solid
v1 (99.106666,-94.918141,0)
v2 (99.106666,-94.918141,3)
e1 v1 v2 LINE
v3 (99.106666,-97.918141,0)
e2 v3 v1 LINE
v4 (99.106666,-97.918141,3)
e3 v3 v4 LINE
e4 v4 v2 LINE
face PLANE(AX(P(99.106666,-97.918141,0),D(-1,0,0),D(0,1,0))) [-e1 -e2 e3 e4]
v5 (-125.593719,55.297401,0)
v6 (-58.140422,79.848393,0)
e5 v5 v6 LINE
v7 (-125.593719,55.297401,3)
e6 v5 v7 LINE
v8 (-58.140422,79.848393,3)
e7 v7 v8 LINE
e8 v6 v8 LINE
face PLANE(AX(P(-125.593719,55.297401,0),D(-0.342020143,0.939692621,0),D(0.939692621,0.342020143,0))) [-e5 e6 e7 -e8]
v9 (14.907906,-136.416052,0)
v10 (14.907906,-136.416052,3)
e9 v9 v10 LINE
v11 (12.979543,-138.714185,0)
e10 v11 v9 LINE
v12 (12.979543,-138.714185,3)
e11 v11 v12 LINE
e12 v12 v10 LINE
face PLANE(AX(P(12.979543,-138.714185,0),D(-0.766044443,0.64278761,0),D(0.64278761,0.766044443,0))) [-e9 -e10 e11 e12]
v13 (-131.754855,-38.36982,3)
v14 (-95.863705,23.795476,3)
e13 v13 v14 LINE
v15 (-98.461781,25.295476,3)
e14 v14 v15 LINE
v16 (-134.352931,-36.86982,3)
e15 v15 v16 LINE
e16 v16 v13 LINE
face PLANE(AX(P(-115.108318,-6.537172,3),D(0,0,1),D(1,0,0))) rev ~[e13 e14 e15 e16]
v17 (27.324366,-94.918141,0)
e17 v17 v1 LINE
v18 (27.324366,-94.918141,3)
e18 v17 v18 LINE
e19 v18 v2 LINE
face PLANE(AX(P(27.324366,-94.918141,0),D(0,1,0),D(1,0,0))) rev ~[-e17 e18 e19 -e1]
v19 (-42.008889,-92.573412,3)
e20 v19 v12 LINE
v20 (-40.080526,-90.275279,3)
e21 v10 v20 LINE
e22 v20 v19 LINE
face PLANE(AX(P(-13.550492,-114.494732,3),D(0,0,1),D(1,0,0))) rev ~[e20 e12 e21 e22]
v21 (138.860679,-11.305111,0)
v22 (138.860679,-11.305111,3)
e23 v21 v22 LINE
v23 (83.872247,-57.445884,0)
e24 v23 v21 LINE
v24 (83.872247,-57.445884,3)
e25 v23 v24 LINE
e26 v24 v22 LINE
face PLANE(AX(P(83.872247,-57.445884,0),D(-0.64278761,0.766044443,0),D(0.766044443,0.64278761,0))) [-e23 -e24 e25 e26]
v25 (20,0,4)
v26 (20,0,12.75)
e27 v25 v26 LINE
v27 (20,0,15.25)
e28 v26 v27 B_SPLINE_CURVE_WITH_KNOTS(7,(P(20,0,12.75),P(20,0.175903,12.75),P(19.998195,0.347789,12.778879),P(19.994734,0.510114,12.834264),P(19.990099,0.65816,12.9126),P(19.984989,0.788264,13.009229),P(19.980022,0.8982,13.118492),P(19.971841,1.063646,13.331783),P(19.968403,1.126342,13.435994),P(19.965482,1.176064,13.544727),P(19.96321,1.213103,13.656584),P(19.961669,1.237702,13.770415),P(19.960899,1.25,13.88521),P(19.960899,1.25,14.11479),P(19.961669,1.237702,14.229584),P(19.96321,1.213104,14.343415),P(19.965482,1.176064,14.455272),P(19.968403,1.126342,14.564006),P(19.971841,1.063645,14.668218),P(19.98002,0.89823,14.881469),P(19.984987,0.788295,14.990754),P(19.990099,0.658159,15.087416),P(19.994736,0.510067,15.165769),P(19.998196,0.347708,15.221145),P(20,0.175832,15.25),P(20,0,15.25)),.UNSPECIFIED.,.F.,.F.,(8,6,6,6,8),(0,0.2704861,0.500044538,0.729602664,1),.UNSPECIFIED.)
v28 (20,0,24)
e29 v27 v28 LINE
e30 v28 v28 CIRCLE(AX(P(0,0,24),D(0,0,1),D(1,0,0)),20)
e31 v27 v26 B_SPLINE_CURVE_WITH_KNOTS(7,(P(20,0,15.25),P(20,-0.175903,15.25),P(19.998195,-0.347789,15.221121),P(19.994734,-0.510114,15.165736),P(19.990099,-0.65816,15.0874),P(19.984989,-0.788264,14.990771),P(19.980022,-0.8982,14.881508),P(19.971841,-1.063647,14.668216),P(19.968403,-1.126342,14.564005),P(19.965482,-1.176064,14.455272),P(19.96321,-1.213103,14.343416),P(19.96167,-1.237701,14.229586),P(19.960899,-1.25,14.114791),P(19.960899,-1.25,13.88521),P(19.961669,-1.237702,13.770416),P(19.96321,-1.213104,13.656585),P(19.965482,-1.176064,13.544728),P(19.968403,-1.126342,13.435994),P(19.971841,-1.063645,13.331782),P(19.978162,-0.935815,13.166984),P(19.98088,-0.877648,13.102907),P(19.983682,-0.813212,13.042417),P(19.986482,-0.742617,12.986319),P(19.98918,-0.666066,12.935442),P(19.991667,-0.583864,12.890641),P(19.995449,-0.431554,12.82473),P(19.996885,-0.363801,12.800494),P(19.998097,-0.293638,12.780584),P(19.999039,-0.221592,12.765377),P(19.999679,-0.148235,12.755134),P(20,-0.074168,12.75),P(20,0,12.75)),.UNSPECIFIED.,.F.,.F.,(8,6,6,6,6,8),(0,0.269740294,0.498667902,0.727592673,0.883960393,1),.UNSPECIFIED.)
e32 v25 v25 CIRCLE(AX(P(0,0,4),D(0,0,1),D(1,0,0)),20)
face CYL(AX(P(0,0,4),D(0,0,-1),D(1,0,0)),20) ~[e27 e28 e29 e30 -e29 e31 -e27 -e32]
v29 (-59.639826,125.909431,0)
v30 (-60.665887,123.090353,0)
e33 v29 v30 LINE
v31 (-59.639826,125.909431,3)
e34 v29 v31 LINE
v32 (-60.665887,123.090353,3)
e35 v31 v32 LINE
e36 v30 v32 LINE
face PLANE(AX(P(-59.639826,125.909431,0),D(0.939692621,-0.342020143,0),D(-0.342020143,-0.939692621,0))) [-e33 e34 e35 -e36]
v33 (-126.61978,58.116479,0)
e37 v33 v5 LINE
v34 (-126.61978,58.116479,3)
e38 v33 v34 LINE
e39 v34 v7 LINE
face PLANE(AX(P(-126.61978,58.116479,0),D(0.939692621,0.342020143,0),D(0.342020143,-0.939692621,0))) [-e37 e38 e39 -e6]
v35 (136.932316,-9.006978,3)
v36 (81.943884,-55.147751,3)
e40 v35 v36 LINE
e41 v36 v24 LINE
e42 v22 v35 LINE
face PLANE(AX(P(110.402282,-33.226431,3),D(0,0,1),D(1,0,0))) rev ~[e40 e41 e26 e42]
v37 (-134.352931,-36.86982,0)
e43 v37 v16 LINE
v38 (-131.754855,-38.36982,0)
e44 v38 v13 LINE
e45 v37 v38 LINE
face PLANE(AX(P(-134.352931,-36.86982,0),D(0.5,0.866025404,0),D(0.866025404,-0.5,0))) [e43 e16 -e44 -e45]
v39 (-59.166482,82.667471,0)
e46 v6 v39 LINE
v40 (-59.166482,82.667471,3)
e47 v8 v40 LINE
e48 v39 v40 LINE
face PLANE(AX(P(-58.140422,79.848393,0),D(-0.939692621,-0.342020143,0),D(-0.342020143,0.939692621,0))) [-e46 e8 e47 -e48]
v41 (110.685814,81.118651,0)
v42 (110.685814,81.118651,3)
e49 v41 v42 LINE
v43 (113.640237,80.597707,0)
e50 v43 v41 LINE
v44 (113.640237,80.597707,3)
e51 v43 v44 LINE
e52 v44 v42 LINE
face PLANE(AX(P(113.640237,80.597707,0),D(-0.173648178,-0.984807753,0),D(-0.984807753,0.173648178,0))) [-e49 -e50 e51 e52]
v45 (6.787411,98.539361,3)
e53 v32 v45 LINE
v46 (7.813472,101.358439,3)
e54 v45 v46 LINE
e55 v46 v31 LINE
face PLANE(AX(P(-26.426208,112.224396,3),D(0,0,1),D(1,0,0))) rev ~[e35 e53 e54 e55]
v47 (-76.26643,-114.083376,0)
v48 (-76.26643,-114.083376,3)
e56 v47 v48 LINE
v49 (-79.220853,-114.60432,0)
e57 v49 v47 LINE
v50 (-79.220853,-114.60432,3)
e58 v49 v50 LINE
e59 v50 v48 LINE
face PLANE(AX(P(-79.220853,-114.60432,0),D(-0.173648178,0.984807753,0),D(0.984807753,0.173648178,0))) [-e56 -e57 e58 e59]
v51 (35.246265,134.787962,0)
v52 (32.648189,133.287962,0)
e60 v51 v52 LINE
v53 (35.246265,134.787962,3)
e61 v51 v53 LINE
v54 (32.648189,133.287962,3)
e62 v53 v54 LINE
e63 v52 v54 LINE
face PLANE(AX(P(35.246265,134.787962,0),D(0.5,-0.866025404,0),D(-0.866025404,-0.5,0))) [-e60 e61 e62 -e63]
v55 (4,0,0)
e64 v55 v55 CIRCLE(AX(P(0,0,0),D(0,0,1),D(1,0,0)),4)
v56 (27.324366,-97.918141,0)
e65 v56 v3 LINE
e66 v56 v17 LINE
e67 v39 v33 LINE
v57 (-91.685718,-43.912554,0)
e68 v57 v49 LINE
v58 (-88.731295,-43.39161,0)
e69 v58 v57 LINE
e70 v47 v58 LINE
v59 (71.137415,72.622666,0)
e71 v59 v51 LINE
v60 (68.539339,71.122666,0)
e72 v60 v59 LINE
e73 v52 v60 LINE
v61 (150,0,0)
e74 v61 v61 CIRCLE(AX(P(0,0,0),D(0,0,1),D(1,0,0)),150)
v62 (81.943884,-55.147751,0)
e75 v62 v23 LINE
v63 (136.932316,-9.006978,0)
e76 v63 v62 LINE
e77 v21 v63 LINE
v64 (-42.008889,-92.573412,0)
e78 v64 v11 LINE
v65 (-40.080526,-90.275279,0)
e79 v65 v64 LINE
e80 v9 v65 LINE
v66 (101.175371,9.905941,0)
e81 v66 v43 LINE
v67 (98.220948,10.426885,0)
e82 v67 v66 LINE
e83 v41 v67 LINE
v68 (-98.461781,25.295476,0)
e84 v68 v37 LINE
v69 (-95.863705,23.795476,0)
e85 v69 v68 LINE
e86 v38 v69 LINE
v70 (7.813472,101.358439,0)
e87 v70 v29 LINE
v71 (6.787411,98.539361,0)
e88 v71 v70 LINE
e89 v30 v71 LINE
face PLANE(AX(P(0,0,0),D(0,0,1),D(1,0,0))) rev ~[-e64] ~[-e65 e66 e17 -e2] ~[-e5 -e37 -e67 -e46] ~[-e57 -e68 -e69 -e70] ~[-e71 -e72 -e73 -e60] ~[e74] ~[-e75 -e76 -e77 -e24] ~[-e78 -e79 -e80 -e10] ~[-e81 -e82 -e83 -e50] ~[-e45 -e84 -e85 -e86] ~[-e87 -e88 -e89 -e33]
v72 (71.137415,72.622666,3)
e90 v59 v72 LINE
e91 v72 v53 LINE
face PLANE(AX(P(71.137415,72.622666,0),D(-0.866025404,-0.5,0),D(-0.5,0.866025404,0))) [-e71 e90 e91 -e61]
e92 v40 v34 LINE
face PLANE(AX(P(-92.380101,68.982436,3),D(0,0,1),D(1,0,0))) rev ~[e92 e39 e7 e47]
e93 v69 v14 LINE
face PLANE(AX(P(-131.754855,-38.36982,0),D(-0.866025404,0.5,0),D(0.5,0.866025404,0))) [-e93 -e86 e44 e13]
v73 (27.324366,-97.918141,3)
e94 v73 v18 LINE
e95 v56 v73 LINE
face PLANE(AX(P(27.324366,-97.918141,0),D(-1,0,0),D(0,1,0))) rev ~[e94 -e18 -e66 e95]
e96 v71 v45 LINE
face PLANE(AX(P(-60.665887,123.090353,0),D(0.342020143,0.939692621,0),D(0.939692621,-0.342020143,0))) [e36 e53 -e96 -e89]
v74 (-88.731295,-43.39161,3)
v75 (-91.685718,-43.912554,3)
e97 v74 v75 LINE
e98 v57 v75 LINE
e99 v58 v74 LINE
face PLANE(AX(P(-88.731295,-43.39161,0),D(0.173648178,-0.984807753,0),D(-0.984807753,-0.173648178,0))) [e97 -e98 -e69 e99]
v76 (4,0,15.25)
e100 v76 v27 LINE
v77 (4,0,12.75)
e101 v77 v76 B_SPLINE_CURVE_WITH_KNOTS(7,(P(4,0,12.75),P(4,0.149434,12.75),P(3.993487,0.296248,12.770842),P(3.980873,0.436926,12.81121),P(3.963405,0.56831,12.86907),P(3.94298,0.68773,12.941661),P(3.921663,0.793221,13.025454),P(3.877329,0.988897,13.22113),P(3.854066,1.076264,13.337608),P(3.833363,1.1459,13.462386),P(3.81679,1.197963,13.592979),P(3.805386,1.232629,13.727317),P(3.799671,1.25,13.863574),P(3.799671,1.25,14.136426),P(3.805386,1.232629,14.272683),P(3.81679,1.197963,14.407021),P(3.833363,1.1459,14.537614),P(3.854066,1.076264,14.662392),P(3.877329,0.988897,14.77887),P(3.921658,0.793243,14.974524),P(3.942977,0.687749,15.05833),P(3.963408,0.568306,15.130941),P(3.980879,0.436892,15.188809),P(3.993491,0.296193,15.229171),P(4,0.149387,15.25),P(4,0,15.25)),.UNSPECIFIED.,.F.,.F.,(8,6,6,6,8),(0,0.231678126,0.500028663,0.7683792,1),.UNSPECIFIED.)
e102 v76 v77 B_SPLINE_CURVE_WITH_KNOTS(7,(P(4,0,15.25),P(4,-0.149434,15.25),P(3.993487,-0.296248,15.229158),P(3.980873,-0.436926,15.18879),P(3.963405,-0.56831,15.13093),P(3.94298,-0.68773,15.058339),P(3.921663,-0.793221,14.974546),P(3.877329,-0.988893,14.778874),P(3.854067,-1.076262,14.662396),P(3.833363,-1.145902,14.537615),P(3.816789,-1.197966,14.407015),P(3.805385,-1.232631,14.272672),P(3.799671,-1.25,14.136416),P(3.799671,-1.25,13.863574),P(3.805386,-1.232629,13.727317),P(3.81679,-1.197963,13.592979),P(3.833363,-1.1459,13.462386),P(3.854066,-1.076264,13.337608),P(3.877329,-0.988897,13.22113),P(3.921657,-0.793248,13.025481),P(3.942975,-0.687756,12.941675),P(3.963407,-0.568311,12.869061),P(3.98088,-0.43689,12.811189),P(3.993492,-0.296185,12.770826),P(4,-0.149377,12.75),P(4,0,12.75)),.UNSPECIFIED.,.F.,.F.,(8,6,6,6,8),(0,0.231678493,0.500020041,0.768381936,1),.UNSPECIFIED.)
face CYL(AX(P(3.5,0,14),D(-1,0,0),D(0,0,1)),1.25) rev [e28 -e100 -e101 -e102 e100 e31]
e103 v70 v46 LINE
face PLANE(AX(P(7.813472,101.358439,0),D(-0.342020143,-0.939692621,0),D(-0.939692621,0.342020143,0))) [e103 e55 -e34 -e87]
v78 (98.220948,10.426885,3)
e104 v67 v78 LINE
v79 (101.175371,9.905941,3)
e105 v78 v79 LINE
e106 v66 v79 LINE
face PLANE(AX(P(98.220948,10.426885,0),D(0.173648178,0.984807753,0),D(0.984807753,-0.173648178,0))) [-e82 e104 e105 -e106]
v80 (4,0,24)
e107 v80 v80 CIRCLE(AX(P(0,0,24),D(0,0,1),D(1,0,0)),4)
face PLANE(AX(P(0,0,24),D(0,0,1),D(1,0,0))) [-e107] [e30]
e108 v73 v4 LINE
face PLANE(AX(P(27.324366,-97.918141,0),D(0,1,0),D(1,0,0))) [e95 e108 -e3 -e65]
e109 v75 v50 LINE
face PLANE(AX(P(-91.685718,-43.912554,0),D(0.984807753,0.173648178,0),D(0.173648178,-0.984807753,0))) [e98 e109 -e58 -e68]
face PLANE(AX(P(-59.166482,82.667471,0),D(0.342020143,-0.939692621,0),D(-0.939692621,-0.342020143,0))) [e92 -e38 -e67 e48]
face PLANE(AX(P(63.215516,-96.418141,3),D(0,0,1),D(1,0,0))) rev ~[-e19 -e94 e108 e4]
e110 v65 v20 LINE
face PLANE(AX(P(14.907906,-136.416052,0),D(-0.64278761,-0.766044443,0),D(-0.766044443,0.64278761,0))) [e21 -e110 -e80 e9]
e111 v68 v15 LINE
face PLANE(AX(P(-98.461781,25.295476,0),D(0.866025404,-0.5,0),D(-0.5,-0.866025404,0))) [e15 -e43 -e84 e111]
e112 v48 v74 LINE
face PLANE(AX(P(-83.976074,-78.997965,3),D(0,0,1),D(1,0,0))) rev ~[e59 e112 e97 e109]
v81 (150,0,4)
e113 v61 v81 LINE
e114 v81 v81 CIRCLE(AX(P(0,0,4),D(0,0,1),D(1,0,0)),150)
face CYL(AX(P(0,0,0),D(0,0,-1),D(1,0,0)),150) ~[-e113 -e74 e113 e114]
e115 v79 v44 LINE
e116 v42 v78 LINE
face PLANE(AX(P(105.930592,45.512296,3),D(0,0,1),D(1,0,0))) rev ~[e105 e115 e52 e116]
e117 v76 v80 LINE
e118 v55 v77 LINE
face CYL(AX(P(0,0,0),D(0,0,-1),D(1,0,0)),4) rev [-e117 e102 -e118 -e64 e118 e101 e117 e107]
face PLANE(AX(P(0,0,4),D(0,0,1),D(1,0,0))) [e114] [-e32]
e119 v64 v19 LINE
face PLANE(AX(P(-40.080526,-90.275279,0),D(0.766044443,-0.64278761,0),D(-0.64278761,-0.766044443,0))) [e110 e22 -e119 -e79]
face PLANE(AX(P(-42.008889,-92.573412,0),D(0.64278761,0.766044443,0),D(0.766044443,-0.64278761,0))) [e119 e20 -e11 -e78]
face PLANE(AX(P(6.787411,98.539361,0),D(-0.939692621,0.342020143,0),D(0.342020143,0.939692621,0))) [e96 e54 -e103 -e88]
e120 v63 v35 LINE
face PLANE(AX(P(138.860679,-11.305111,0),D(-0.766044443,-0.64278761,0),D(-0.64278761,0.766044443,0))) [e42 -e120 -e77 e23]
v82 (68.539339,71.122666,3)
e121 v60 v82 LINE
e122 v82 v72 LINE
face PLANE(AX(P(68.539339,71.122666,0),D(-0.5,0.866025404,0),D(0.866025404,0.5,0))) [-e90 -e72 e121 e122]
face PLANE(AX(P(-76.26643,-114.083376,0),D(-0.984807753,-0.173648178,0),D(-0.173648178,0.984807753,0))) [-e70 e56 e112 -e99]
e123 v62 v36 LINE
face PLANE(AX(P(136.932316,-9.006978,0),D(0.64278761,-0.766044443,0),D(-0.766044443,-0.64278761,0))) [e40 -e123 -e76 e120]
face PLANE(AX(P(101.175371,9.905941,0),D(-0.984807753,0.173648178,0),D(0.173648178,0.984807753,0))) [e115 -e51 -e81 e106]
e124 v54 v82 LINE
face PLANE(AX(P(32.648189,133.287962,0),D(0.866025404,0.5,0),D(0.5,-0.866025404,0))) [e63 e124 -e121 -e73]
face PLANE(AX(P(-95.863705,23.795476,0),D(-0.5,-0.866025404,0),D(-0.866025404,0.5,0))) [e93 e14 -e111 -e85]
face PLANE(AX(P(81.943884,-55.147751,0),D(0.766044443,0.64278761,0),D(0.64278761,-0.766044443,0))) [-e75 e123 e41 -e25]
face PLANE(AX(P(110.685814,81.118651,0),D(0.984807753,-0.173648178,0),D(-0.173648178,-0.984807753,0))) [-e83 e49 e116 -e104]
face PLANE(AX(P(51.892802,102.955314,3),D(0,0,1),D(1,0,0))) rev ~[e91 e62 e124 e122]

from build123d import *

# Parameters (mm, degrees)
SKETCH1_R         = 150
DISC_DEPTH        = 4
SKETCH2_R         = 20
HUB_DEPTH         = 20
SKETCH3_R         = 4
BORE_DEPTH        = 24
SKETCH4_W         = 71.782300335
SKETCH4_H         = 3
BLADE_SLOTS_DEPTH = 3
SKETCH5_R         = 1.25
CLAMP_SCREW_DEPTH = 17


with BuildPart() as part:
    # Sketch1 → Disc (new body)
    with BuildSketch(Plane.XY):
        Circle(SKETCH1_R)
    extrude(amount=DISC_DEPTH)

    # Sketch2 → Hub (add)
    with BuildSketch(Plane.XY.offset(4)):
        Circle(SKETCH2_R)
    extrude(amount=HUB_DEPTH)

    # Sketch3 → Bore (cut)
    with BuildSketch(Plane.XY):
        Circle(SKETCH3_R)
    extrude(amount=BORE_DEPTH, mode=Mode.SUBTRACT)

    # Sketch4 → Blade_slots (cut)
    with BuildSketch(Plane.XY):
        with Locations((63.2155163, -96.418141453)):
            Rectangle(SKETCH4_W, SKETCH4_H)
        Polygon((83.872246927, -57.445884148), (138.860679213, -11.305110898), (136.932316384, -9.006977568), (81.943884098, -55.147750818), align=None)
        Polygon((101.175371248, 9.90594079), (113.64023689, 80.597706689), (110.685813631, 81.118651222), (98.220947989, 10.426885323), align=None)
        Polygon((71.137414923, 72.62266594), (35.246264756, 134.787961572), (32.648188544, 133.287961572), (68.539338712, 71.12266594), align=None)
        Polygon((7.813471551, 101.358438585), (-59.639826377, 125.909431234), (-60.665886807, 123.090353372), (6.787411121, 98.539360723), align=None)
        Polygon((-59.166481997, 82.667471343), (-126.619779924, 58.116478695), (-125.593719494, 55.297400832), (-58.140421567, 79.848393481), align=None)
        Polygon((-98.461781056, 25.295475513), (-134.352931224, -36.869820119), (-131.754855012, -38.369820119), (-95.863704845, 23.795475513), align=None)
        Polygon((-91.685718479, -43.912554438), (-79.220852837, -114.604320337), (-76.266429578, -114.083375804), (-88.73129522, -43.391609905), align=None)
        Polygon((-42.008889252, -92.573412133), (12.979543034, -138.714185383), (14.907905863, -136.416052054), (-40.080526423, -90.275278804), align=None)
    extrude(amount=BLADE_SLOTS_DEPTH, mode=Mode.SUBTRACT)

    # Sketch5 → Clamp_screw (cut)
    with BuildSketch(Plane(origin=(3.5, 0, 0), x_dir=(0, 0, -1), z_dir=(1, 0, 0))):
        with Locations(Location((-14, 0, 0), (0, 0, 180))):
            Circle(SKETCH5_R)
    extrude(amount=CLAMP_SCREW_DEPTH, mode=Mode.SUBTRACT)


solid = part.part
